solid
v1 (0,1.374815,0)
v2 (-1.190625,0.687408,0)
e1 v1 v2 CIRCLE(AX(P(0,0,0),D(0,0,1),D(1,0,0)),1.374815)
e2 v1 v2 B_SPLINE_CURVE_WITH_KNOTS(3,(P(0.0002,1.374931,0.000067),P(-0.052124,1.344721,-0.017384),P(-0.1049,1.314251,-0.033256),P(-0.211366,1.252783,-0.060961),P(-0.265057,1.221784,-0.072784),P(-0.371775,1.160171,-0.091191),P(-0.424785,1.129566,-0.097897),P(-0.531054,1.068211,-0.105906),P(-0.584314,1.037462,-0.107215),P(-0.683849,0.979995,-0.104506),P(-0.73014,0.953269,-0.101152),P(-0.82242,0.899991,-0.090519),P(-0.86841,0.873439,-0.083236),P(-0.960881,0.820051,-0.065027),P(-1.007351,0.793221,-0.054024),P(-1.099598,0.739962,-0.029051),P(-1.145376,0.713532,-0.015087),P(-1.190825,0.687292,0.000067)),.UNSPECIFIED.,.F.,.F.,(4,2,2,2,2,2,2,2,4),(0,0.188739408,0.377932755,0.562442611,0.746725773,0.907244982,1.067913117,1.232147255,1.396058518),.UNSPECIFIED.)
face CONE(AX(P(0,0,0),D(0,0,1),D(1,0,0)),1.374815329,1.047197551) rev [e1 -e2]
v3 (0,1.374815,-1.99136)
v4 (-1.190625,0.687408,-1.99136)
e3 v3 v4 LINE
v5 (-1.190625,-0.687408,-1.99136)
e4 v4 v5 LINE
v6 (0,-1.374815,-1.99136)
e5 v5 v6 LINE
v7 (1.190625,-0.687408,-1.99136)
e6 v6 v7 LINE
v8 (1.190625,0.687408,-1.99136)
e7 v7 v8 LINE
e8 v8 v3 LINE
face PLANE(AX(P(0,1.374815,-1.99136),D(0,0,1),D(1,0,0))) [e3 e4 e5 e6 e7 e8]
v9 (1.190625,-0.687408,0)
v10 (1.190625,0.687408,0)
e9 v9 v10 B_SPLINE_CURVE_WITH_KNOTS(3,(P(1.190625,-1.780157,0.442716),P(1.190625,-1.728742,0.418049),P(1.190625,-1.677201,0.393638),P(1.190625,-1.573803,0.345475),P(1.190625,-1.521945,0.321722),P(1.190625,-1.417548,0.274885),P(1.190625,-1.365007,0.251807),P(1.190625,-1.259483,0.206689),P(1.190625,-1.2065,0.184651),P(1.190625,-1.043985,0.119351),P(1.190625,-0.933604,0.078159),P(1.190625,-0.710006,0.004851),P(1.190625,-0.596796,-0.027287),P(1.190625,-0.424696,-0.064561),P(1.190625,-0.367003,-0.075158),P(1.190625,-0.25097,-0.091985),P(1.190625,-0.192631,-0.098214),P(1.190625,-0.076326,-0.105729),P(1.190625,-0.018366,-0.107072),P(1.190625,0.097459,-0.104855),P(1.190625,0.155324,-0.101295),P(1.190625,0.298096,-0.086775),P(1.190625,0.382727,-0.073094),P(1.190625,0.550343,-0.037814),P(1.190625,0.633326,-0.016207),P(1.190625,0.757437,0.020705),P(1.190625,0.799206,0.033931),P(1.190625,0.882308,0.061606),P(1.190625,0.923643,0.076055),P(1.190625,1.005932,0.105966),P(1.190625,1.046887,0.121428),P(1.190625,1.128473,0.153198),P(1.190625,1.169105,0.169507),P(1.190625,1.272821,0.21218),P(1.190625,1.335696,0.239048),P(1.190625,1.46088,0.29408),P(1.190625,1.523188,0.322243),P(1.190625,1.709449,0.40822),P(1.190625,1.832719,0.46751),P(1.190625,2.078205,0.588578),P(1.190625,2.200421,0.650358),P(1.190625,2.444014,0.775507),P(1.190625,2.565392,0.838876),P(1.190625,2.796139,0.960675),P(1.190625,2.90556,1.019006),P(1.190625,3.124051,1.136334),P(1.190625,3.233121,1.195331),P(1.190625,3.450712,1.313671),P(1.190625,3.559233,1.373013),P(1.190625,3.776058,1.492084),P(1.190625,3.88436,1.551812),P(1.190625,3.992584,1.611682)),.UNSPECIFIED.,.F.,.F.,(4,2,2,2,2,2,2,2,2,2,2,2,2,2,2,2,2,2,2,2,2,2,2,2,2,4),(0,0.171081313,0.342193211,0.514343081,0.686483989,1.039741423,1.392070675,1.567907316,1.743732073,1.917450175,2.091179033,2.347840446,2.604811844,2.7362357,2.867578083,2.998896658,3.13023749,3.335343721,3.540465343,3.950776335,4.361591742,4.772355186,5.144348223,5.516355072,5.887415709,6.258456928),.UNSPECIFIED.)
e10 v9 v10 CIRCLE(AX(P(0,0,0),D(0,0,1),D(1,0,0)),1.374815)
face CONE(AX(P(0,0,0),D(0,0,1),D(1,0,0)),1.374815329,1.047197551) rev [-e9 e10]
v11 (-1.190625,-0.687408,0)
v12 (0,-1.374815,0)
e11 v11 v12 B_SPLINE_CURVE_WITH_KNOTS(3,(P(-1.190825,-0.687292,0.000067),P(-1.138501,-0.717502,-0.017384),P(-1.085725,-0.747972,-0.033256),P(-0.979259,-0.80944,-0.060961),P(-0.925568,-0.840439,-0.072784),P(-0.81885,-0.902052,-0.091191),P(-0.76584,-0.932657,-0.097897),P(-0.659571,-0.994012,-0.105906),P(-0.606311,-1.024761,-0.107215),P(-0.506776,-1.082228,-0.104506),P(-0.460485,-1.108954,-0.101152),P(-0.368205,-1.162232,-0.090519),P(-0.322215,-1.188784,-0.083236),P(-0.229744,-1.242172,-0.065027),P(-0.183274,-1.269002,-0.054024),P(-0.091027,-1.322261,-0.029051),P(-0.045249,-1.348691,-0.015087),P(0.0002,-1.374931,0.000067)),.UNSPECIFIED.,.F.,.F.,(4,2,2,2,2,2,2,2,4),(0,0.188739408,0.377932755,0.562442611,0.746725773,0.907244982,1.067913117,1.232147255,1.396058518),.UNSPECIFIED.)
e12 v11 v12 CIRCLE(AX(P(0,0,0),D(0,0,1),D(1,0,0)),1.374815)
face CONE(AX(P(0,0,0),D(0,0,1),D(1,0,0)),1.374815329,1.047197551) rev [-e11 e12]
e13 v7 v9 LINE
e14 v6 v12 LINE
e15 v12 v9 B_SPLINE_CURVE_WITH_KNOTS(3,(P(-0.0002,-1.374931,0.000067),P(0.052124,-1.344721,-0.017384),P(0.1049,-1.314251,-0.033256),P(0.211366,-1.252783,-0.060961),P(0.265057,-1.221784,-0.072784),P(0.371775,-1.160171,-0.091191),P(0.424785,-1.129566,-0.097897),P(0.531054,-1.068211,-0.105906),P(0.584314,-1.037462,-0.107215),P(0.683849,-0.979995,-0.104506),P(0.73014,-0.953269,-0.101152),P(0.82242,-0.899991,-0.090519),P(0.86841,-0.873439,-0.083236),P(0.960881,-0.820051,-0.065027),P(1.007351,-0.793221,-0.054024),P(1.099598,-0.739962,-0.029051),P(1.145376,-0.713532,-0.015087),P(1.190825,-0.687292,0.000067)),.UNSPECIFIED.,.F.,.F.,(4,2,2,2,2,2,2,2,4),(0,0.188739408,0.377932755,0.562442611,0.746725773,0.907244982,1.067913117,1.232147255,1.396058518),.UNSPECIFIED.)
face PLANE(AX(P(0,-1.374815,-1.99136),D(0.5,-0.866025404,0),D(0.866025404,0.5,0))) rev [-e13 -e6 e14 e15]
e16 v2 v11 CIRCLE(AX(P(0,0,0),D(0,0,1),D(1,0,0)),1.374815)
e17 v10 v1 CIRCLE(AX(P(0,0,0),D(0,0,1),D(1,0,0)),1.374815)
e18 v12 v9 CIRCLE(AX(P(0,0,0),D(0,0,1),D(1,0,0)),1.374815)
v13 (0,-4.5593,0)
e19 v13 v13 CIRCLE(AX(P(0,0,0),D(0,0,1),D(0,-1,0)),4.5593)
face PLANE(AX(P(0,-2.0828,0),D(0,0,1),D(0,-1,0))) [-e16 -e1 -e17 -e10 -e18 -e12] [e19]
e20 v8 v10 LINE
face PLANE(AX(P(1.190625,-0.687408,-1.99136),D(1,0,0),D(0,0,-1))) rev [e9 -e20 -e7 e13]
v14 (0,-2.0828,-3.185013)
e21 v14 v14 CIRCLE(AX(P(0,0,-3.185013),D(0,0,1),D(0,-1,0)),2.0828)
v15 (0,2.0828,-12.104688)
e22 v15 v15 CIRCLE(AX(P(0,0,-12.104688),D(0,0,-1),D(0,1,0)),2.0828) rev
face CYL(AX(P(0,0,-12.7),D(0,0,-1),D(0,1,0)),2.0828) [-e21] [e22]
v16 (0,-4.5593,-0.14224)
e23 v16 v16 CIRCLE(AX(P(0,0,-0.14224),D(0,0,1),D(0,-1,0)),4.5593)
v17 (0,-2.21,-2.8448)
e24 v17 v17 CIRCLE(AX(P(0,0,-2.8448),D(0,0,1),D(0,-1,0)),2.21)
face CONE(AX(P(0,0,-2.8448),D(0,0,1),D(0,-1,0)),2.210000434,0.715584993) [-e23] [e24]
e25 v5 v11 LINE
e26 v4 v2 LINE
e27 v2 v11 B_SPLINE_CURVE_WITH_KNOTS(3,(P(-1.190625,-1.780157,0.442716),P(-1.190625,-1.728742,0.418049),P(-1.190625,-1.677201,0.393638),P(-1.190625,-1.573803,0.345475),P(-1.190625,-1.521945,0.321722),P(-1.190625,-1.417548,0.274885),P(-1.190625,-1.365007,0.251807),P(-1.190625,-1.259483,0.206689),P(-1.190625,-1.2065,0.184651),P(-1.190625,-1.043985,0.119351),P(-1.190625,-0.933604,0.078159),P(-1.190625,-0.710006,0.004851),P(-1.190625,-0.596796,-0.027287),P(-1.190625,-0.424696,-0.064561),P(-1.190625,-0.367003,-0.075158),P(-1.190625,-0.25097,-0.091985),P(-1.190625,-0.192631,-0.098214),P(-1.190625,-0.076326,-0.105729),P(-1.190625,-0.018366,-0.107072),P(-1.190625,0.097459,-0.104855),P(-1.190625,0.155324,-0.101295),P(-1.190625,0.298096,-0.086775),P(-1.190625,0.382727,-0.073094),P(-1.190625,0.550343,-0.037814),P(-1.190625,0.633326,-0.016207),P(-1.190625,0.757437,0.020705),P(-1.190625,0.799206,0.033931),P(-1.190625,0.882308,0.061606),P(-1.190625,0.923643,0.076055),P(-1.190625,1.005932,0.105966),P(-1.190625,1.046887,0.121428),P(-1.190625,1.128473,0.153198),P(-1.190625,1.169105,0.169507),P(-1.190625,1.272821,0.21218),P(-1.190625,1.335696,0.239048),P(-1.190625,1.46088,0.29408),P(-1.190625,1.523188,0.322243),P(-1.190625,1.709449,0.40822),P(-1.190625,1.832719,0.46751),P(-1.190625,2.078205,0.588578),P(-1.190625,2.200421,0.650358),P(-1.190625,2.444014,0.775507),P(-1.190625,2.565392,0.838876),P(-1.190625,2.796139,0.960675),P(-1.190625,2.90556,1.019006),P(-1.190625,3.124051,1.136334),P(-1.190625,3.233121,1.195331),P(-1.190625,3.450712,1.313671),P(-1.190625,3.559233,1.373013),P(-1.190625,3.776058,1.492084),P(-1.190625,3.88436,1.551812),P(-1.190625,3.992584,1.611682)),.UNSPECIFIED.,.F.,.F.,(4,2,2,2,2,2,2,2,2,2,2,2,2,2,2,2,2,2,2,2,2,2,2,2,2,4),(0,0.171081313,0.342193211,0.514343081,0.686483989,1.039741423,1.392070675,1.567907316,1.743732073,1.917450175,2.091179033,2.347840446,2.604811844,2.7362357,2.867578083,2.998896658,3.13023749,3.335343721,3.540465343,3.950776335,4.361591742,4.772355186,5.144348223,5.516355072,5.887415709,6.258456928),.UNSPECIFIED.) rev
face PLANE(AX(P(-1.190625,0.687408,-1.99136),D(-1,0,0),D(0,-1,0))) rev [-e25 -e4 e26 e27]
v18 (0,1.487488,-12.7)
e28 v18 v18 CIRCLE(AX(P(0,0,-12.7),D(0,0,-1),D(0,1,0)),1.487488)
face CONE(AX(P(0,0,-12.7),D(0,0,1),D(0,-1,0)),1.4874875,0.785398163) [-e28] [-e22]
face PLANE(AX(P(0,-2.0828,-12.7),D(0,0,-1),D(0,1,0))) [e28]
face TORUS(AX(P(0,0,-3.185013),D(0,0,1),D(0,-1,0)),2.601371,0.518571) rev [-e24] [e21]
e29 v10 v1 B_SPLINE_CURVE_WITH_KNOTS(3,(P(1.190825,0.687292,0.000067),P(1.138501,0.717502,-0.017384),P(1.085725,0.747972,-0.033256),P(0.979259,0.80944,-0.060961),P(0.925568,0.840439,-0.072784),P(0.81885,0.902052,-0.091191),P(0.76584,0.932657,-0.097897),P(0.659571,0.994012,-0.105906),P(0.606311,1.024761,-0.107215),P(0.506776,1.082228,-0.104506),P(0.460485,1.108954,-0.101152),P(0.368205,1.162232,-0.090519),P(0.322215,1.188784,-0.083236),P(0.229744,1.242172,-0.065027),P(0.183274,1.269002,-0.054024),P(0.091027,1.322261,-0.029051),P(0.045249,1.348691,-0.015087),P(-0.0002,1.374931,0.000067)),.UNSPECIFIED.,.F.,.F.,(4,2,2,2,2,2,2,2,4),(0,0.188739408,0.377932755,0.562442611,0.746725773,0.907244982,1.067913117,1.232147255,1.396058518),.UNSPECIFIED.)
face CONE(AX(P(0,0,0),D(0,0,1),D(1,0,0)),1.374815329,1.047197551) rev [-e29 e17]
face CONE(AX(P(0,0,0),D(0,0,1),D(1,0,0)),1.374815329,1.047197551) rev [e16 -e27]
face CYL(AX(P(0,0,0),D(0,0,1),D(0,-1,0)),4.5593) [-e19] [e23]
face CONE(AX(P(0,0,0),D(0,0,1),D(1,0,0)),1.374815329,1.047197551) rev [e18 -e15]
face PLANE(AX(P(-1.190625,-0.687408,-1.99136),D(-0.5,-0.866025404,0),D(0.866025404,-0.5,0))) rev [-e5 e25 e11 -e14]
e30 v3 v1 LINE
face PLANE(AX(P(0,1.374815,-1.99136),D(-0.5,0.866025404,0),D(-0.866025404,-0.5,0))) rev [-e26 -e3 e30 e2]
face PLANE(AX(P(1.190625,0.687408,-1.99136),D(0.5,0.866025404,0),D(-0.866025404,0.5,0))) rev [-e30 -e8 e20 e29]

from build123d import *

# Parameters (mm, degrees)
SKETCH1_W          = 12.7
SKETCH1_H          = 2.0828
CHAMFER1_SIZE      = 0.5953125
CUT_EXTRUDE2_DEPTH = 1.99136


with BuildPart() as part:
    # Sketch1 → Revolve1 (revolve)
    with BuildSketch(Plane(origin=(0, 0, 0), x_dir=(0, 0, -1), z_dir=(1, 0, 0))):
        with Locations((6.35, 1.0414)):
            Rectangle(SKETCH1_W, SKETCH1_H)
    revolve(axis=Axis((0, 0, -12.7), (0, 0, 1)))

    # Chamfer1
    chamfer1_edges = [part.edges().sort_by_distance(p)[0] for p in [
        (0, -2.0828, -12.7),
    ]]
    chamfer(chamfer1_edges, length=CHAMFER1_SIZE)

    # Sketch7 → Revolve2 (revolve)
    with BuildSketch(Plane(origin=(0, 0, 0), x_dir=(0, 0, -1), z_dir=(1, 0, 0)), mode=Mode.PRIVATE) as revolve2_sk:
        with BuildLine():
            Line((0, 4.5593), (0.14224, 4.5593))
            Line((0.14224, 4.5593), (2.8448, 2.210000434))
            ThreePointArc((2.8448, 2.210000434), (3.003405714, 2.11563995), (3.185013014, 2.0828))
            Line((3.185013014, 2.0828), (3.185013014, 0))
            Line((3.185013014, 0), (0, 0))
            Line((0, 0), (0, 4.5593))
        make_face()
    revolve(revolve2_sk.sketch.rotate(Axis((0, 0, 0), (0, 0, -1)), 180), axis=Axis((0, 0, 0), (0, 0, -1)))

    # Sketch5 → Cut-Extrude2 (cut)
    with BuildSketch(Plane.XY):
        Polygon((0, 1.374815329), (-1.190625, 0.687407664), (-1.190625, -0.687407664), (0, -1.374815329), (1.190625, -0.687407664), (1.190625, 0.687407664), align=None)
    extrude(amount=-CUT_EXTRUDE2_DEPTH, mode=Mode.SUBTRACT)

    # Cut-Extrude3 cone 1 section (through the dimple's axis) → Cut-Extrude3 (revolve, cut)
    with BuildSketch(Plane(origin=(0, 0, 0), x_dir=(0, -1, 0), z_dir=(1, 0, 0))):
        Polygon((0, 0), (1.374815329, 0), (0, 0.79375), align=None)
    revolve(axis=Axis((0, 0, 0), (0, 0, -1)), mode=Mode.SUBTRACT)


solid = part.part
